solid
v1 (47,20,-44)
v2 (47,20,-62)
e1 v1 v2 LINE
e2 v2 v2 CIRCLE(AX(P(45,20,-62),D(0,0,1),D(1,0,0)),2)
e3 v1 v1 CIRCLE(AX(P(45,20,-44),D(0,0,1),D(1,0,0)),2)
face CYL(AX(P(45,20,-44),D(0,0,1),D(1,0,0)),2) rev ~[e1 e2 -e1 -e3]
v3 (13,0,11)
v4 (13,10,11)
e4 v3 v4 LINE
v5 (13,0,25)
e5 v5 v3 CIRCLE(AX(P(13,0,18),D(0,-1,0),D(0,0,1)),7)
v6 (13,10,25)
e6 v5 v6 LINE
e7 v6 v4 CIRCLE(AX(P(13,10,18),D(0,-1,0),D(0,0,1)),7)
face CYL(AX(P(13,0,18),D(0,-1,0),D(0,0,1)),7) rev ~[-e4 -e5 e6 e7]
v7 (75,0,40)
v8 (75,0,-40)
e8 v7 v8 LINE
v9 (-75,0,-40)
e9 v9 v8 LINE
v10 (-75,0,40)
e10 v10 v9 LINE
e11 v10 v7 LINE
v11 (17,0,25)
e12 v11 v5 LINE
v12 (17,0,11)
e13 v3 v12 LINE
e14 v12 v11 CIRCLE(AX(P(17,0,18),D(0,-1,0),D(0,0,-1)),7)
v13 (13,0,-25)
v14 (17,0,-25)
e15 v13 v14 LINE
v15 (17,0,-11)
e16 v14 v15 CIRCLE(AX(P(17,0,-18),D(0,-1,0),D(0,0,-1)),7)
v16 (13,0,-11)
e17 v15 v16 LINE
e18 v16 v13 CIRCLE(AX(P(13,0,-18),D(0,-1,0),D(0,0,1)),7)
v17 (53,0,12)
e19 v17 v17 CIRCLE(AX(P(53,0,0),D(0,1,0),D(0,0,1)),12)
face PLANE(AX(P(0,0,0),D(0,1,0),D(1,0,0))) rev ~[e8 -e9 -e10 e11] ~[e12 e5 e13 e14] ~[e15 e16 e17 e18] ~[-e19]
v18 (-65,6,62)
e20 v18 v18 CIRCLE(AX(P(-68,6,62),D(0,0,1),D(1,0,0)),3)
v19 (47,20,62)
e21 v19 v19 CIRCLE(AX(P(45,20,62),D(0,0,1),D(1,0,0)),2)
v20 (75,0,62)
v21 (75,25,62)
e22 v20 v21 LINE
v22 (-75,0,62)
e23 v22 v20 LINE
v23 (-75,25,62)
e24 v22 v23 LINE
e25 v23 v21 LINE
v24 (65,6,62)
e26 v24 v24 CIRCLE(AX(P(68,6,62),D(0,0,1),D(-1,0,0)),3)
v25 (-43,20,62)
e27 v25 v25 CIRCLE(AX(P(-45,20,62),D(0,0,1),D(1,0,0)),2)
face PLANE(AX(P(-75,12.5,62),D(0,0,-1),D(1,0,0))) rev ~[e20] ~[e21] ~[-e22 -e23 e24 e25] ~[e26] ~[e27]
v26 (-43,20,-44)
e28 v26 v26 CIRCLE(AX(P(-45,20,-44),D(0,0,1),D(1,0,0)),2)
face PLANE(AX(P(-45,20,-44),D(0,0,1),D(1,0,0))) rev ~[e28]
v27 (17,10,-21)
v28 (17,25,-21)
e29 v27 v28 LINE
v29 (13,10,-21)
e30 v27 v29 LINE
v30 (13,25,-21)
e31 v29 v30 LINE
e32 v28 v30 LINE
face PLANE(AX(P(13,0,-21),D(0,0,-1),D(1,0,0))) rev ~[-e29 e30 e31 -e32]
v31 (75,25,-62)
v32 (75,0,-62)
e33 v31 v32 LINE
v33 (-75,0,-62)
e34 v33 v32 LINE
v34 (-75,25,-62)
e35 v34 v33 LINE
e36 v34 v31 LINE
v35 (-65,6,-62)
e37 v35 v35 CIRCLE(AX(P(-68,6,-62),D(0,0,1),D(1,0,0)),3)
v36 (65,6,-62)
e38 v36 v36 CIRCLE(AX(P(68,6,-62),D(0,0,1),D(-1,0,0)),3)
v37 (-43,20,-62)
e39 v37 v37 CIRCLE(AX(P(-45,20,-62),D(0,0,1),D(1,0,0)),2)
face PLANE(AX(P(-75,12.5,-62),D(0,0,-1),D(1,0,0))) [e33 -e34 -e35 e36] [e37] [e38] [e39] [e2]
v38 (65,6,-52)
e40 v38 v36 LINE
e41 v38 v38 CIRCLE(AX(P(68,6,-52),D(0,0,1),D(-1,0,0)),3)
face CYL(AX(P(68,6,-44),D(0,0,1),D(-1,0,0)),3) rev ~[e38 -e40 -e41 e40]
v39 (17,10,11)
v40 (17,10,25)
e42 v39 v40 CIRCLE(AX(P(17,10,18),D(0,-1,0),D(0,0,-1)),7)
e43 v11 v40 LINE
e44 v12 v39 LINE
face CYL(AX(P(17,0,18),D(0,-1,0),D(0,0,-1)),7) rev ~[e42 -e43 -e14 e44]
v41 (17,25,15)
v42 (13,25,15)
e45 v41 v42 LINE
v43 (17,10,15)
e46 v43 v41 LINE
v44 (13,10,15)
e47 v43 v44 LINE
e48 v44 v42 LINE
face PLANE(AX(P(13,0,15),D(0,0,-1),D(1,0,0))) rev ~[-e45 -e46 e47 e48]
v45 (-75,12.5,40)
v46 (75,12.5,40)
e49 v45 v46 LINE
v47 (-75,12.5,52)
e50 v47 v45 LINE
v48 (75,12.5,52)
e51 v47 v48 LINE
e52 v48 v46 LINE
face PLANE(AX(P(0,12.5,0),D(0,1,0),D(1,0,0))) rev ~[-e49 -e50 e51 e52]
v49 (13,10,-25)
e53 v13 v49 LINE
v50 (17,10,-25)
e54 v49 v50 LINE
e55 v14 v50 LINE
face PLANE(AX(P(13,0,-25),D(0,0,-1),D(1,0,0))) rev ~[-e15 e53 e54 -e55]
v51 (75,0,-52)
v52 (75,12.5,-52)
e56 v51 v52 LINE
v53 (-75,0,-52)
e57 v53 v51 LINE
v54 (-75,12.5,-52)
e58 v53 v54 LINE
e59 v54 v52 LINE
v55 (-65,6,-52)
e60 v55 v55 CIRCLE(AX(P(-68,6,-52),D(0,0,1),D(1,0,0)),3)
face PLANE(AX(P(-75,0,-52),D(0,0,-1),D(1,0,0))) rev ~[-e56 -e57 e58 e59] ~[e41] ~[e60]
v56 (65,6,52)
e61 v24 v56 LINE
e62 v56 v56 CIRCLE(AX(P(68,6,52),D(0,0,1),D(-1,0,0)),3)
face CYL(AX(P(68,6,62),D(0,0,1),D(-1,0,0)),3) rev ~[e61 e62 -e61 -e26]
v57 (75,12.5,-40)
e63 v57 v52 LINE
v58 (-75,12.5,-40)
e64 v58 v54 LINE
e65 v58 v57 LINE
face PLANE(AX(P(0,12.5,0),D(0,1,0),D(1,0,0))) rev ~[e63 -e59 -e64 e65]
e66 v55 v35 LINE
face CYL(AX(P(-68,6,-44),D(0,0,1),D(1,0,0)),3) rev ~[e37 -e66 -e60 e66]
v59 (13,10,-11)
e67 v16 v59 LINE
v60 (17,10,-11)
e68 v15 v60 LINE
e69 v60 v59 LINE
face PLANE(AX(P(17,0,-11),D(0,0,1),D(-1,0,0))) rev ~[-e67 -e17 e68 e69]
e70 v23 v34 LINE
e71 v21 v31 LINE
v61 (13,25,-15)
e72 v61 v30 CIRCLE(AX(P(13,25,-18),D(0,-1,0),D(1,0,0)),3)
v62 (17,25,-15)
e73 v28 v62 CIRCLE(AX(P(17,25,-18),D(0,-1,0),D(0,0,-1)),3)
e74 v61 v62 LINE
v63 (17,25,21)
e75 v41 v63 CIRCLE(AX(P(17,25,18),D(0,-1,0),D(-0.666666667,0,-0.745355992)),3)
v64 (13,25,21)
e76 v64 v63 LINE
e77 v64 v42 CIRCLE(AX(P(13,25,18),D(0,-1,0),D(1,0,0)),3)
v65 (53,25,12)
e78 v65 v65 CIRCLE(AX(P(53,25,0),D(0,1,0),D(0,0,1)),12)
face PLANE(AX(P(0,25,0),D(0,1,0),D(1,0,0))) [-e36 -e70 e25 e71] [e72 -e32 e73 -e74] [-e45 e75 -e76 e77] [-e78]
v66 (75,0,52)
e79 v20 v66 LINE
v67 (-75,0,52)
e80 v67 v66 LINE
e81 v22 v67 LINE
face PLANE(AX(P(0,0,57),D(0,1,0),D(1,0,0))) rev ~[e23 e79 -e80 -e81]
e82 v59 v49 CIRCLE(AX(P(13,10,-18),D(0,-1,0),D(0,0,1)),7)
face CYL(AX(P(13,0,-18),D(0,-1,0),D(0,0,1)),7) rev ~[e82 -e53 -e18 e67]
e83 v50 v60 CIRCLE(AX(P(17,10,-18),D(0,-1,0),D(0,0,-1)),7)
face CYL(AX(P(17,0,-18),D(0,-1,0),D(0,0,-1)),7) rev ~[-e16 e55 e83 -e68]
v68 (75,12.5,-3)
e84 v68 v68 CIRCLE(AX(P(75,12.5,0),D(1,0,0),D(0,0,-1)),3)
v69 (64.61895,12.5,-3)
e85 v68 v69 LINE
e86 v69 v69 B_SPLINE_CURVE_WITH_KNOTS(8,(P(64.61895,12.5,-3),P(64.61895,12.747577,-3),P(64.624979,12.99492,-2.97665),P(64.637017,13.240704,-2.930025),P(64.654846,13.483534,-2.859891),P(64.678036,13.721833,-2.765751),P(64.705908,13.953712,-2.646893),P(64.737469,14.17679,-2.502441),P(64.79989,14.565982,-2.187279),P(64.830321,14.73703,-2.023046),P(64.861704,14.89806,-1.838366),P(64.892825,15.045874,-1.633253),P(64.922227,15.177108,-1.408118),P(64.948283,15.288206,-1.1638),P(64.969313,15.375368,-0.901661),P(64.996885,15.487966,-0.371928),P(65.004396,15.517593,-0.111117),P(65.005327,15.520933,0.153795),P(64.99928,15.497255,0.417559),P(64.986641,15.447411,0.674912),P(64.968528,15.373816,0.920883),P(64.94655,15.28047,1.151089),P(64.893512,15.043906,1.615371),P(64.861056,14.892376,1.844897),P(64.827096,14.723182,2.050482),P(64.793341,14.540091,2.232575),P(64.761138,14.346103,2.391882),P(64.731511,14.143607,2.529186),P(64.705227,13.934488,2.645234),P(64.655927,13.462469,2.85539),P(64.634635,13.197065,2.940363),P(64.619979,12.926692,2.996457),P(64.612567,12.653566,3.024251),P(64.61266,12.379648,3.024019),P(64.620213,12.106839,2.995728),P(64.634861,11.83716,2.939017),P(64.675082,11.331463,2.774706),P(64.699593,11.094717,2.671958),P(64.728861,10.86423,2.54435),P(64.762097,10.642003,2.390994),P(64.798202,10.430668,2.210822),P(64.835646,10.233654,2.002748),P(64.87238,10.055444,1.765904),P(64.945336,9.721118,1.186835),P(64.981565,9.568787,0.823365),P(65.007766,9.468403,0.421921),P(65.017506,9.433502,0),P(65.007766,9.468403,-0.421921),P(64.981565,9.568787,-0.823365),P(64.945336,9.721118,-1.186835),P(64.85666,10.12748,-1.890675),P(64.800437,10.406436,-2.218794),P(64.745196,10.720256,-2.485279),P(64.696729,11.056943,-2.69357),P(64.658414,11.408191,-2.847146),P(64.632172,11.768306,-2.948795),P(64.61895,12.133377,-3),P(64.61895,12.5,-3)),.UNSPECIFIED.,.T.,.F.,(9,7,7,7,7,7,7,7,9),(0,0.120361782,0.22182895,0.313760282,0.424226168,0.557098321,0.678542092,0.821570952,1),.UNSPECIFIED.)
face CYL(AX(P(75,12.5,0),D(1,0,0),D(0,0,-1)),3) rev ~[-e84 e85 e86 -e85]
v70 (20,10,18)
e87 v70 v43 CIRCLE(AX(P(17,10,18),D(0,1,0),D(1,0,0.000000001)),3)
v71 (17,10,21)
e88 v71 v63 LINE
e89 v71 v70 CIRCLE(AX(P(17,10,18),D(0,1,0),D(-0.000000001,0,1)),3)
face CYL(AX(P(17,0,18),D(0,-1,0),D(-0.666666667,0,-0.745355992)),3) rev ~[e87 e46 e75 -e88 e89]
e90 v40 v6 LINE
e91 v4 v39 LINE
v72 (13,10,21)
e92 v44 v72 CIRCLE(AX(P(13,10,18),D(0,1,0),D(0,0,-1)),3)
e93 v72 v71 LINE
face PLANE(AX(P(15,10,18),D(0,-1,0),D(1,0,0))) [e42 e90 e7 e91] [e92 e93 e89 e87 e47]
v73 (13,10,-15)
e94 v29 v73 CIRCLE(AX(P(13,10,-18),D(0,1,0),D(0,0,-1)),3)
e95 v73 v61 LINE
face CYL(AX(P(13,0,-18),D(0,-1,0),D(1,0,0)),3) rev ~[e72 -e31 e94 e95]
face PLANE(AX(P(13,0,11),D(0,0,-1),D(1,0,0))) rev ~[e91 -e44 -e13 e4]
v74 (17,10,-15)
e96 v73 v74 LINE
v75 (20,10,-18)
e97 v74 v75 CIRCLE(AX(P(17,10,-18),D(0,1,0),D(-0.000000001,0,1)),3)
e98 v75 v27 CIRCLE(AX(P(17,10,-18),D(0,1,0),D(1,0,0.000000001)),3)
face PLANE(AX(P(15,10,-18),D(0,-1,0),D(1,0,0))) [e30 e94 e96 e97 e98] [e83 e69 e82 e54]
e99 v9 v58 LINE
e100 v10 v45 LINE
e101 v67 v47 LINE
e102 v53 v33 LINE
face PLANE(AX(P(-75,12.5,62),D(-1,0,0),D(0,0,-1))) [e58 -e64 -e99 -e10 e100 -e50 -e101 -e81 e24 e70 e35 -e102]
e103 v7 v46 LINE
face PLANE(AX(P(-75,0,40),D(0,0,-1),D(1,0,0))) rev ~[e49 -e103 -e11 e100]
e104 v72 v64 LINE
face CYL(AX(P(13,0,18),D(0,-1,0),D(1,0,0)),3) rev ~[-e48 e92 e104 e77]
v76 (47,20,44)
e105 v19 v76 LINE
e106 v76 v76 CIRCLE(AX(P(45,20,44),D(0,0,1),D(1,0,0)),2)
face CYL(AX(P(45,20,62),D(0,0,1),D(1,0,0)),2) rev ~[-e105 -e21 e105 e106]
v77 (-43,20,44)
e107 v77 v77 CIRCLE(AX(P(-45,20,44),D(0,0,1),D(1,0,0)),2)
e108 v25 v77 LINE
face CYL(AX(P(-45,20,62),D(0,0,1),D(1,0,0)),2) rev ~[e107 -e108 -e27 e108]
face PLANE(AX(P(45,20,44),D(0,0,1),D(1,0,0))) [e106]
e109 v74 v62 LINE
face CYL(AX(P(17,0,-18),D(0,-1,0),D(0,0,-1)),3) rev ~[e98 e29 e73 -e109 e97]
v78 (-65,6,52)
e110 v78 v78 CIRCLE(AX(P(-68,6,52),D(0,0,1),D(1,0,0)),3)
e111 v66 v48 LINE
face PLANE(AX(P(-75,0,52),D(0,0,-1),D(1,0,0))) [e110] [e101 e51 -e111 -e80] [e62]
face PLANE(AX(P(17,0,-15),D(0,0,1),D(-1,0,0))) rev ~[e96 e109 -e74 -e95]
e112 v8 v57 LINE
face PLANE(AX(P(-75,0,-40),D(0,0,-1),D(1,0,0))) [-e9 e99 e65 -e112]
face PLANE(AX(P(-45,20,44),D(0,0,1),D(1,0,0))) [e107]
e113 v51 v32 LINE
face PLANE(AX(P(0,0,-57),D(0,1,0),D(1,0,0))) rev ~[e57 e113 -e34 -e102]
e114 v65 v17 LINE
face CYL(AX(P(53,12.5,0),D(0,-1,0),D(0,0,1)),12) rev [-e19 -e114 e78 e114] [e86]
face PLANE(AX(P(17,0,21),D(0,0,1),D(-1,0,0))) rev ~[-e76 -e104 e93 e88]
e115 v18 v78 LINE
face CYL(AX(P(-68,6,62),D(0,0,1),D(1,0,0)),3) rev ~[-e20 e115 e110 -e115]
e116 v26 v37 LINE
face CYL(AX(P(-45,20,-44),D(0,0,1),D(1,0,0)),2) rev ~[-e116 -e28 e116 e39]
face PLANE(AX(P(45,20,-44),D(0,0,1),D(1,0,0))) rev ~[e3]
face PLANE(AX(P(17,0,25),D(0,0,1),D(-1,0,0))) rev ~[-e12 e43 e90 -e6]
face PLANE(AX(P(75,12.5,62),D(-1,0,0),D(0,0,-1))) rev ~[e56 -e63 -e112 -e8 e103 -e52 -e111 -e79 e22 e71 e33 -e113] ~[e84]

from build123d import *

# Parameters (mm, degrees)
SKETCH1_W             = 150
SKETCH1_H             = 10
BOSS_EXTRUDE1_DEPTH   = 12.5
SKETCH1_H_2           = 80
SKETCH1_R             = 12
BOSS_EXTRUDE1_2_DEPTH = 12.5
BOSS_EXTRUDE1_3_DEPTH = 12.5
BOSS_EXTRUDE2_START   = 12.5
SKETCH1_3_W           = 150
SKETCH1_3_H           = 124
SKETCH1_3_R           = 12
BOSS_EXTRUDE2_DEPTH   = 12.5
SKETCH2_R             = 3
CUT_EXTRUDE1_DEPTH    = 101.468900661
CUT_EXTRUDE2_DEPTH    = 10
SKETCH3_R             = 3
CUT_EXTRUDE3_DEPTH    = 15
SKETCH4_R             = 2
SKETCH4_R_2           = 3
CUT_EXTRUDE4_DEPTH    = 18
CUT_EXTRUDE5_START    = -106
SKETCH4_2_R           = 2
SKETCH4_2_R_2         = 3
CUT_EXTRUDE5_DEPTH    = 18


with BuildPart() as part:
    # Sketch1 → Boss-Extrude1 (new body)
    with BuildSketch(Plane(origin=(0, 0, 0), x_dir=(1, 0, 0), z_dir=(0, 1, 0))):
        with Locations((0, 57)):
            Rectangle(SKETCH1_W, SKETCH1_H)
    extrude(amount=BOSS_EXTRUDE1_DEPTH)



with BuildPart() as body_2:
    # Sketch1 → Boss-Extrude1 2 (new body)
    with BuildSketch(Plane(origin=(0, 0, 0), x_dir=(1, 0, 0), z_dir=(0, 1, 0))):
        Rectangle(SKETCH1_W, SKETCH1_H_2)
        with Locations(Location((53, 0, 0), (0, 0, 270))):
            Circle(SKETCH1_R, mode=Mode.SUBTRACT)
    extrude(amount=BOSS_EXTRUDE1_2_DEPTH)


with BuildPart() as body_3:
    # Sketch1 → Boss-Extrude1 3 (new body)
    with BuildSketch(Plane(origin=(0, 0, 0), x_dir=(1, 0, 0), z_dir=(0, 1, 0))):
        with Locations((0, -57)):
            Rectangle(SKETCH1_W, SKETCH1_H)
    extrude(amount=BOSS_EXTRUDE1_3_DEPTH)


with BuildPart() as part_1:
    add(part.part)

    add(body_2.part)  # Boss-Extrude2 merges body 2

    add(body_3.part)  # Boss-Extrude2 merges body 3
    # Sketch1<3> → Boss-Extrude2 (add)
    with BuildSketch(Plane(origin=(0, 0, 0), x_dir=(1, 0, 0), z_dir=(0, 1, 0)).offset(BOSS_EXTRUDE2_START)):
        Rectangle(SKETCH1_3_W, SKETCH1_3_H)
        with Locations(Location((53, 0, 0), (0, 0, 270))):
            Circle(SKETCH1_3_R, mode=Mode.SUBTRACT)
    extrude(amount=BOSS_EXTRUDE2_DEPTH)

    # Sketch2 → Cut-Extrude1 (cut, through all)
    with BuildSketch(Plane.XZ):
        with Locations((13, -18)):
            Circle(SKETCH2_R)
        with Locations((17, -18)):
            Circle(SKETCH2_R)
        with BuildLine():
            Line((17, -15), (13, -15))
            ThreePointArc((13, -15), (14.070466269, -15.197482923), (15, -15.763932023))
            ThreePointArc((15, -15.763932023), (15.929533731, -15.197482923), (17, -15))
        make_face()
        with BuildLine():
            ThreePointArc((15, -20.236067977), (14.070466269, -20.802517077), (13, -21))
            Line((13, -21), (17, -21))
            ThreePointArc((17, -21), (15.929533731, -20.802517077), (15, -20.236067977))
        make_face()
        with Locations((17, 18)):
            Circle(SKETCH2_R)
        with Locations((13, 18)):
            Circle(SKETCH2_R)
        with BuildLine():
            Line((17, 21), (13, 21))
            ThreePointArc((13, 21), (14.070466269, 20.802517077), (15, 20.236067977))
            ThreePointArc((15, 20.236067977), (15.929533731, 20.802517077), (17, 21))
        make_face()
        with BuildLine():
            ThreePointArc((15, 15.763932023), (14.070466269, 15.197482923), (13, 15))
            Line((13, 15), (17, 15))
            ThreePointArc((17, 15), (15.929533731, 15.197482923), (15, 15.763932023))
        make_face()
    extrude(amount=-CUT_EXTRUDE1_DEPTH, mode=Mode.SUBTRACT)

    # Sketch2<3> → Cut-Extrude2 (cut)
    # profile 1 of 2: a face of its own
    with BuildSketch(Plane.XZ):
        with BuildLine():
            Line((17, 25), (13, 25))
            ThreePointArc((13, 25), (6, 18), (13, 11))
            Line((13, 11), (17, 11))
            ThreePointArc((17, 11), (24, 18), (17, 25))
        make_face()
        with BuildLine():
            ThreePointArc((13, 15), (10, 18), (13, 21))
            Line((13, 21), (17, 21))
            ThreePointArc((17, 21), (19.121320344, 20.121320344), (20, 18))
            ThreePointArc((20, 18), (19.121320344, 15.878679656), (17, 15))
            Line((17, 15), (13, 15))
        make_face(mode=Mode.SUBTRACT)
    # profile 2 of 2: a face of its own
    with BuildSketch(Plane.XZ):
        with BuildLine():
            Line((17, -11), (13, -11))
            ThreePointArc((13, -11), (6, -18), (13, -25))
            Line((13, -25), (17, -25))
            ThreePointArc((17, -25), (24, -18), (17, -11))
        make_face()
        with BuildLine():
            ThreePointArc((13, -21), (10, -18), (13, -15))
            Line((13, -15), (17, -15))
            ThreePointArc((17, -15), (19.121320344, -15.878679656), (20, -18))
            ThreePointArc((20, -18), (19.121320344, -20.121320344), (17, -21))
            Line((17, -21), (13, -21))
        make_face(mode=Mode.SUBTRACT)
    extrude(amount=-CUT_EXTRUDE2_DEPTH, mode=Mode.SUBTRACT)

    # Sketch3 → Cut-Extrude3 (cut)
    with BuildSketch(Plane(origin=(75, 0, 0), x_dir=(0, 0, -1), z_dir=(1, 0, 0))):
        with Locations((0, 12.5)):
            Circle(SKETCH3_R)
    extrude(amount=-CUT_EXTRUDE3_DEPTH, mode=Mode.SUBTRACT)

    # Sketch4 → Cut-Extrude4 (cut)
    with BuildSketch(Plane.XY.offset(62)):
        with Locations((-45, 20)):
            Circle(SKETCH4_R)
        with Locations((45, 20)):
            Circle(SKETCH4_R)
        with Locations((-68, 6)):
            Circle(SKETCH4_R_2)
        with Locations(Location((68, 6, 0), (0, 0, 180))):
            Circle(SKETCH4_R_2)
    extrude(amount=-CUT_EXTRUDE4_DEPTH, mode=Mode.SUBTRACT)

    # Sketch4<2> → Cut-Extrude5 (cut)
    with BuildSketch(Plane.XY.offset(62).offset(CUT_EXTRUDE5_START)):
        with Locations((-45, 20)):
            Circle(SKETCH4_2_R)
        with Locations((45, 20)):
            Circle(SKETCH4_2_R)
        with Locations((-68, 6)):
            Circle(SKETCH4_2_R_2)
        with Locations(Location((68, 6, 0), (0, 0, 180))):
            Circle(SKETCH4_2_R_2)
    extrude(amount=-CUT_EXTRUDE5_DEPTH, mode=Mode.SUBTRACT)


solid = part_1.part
